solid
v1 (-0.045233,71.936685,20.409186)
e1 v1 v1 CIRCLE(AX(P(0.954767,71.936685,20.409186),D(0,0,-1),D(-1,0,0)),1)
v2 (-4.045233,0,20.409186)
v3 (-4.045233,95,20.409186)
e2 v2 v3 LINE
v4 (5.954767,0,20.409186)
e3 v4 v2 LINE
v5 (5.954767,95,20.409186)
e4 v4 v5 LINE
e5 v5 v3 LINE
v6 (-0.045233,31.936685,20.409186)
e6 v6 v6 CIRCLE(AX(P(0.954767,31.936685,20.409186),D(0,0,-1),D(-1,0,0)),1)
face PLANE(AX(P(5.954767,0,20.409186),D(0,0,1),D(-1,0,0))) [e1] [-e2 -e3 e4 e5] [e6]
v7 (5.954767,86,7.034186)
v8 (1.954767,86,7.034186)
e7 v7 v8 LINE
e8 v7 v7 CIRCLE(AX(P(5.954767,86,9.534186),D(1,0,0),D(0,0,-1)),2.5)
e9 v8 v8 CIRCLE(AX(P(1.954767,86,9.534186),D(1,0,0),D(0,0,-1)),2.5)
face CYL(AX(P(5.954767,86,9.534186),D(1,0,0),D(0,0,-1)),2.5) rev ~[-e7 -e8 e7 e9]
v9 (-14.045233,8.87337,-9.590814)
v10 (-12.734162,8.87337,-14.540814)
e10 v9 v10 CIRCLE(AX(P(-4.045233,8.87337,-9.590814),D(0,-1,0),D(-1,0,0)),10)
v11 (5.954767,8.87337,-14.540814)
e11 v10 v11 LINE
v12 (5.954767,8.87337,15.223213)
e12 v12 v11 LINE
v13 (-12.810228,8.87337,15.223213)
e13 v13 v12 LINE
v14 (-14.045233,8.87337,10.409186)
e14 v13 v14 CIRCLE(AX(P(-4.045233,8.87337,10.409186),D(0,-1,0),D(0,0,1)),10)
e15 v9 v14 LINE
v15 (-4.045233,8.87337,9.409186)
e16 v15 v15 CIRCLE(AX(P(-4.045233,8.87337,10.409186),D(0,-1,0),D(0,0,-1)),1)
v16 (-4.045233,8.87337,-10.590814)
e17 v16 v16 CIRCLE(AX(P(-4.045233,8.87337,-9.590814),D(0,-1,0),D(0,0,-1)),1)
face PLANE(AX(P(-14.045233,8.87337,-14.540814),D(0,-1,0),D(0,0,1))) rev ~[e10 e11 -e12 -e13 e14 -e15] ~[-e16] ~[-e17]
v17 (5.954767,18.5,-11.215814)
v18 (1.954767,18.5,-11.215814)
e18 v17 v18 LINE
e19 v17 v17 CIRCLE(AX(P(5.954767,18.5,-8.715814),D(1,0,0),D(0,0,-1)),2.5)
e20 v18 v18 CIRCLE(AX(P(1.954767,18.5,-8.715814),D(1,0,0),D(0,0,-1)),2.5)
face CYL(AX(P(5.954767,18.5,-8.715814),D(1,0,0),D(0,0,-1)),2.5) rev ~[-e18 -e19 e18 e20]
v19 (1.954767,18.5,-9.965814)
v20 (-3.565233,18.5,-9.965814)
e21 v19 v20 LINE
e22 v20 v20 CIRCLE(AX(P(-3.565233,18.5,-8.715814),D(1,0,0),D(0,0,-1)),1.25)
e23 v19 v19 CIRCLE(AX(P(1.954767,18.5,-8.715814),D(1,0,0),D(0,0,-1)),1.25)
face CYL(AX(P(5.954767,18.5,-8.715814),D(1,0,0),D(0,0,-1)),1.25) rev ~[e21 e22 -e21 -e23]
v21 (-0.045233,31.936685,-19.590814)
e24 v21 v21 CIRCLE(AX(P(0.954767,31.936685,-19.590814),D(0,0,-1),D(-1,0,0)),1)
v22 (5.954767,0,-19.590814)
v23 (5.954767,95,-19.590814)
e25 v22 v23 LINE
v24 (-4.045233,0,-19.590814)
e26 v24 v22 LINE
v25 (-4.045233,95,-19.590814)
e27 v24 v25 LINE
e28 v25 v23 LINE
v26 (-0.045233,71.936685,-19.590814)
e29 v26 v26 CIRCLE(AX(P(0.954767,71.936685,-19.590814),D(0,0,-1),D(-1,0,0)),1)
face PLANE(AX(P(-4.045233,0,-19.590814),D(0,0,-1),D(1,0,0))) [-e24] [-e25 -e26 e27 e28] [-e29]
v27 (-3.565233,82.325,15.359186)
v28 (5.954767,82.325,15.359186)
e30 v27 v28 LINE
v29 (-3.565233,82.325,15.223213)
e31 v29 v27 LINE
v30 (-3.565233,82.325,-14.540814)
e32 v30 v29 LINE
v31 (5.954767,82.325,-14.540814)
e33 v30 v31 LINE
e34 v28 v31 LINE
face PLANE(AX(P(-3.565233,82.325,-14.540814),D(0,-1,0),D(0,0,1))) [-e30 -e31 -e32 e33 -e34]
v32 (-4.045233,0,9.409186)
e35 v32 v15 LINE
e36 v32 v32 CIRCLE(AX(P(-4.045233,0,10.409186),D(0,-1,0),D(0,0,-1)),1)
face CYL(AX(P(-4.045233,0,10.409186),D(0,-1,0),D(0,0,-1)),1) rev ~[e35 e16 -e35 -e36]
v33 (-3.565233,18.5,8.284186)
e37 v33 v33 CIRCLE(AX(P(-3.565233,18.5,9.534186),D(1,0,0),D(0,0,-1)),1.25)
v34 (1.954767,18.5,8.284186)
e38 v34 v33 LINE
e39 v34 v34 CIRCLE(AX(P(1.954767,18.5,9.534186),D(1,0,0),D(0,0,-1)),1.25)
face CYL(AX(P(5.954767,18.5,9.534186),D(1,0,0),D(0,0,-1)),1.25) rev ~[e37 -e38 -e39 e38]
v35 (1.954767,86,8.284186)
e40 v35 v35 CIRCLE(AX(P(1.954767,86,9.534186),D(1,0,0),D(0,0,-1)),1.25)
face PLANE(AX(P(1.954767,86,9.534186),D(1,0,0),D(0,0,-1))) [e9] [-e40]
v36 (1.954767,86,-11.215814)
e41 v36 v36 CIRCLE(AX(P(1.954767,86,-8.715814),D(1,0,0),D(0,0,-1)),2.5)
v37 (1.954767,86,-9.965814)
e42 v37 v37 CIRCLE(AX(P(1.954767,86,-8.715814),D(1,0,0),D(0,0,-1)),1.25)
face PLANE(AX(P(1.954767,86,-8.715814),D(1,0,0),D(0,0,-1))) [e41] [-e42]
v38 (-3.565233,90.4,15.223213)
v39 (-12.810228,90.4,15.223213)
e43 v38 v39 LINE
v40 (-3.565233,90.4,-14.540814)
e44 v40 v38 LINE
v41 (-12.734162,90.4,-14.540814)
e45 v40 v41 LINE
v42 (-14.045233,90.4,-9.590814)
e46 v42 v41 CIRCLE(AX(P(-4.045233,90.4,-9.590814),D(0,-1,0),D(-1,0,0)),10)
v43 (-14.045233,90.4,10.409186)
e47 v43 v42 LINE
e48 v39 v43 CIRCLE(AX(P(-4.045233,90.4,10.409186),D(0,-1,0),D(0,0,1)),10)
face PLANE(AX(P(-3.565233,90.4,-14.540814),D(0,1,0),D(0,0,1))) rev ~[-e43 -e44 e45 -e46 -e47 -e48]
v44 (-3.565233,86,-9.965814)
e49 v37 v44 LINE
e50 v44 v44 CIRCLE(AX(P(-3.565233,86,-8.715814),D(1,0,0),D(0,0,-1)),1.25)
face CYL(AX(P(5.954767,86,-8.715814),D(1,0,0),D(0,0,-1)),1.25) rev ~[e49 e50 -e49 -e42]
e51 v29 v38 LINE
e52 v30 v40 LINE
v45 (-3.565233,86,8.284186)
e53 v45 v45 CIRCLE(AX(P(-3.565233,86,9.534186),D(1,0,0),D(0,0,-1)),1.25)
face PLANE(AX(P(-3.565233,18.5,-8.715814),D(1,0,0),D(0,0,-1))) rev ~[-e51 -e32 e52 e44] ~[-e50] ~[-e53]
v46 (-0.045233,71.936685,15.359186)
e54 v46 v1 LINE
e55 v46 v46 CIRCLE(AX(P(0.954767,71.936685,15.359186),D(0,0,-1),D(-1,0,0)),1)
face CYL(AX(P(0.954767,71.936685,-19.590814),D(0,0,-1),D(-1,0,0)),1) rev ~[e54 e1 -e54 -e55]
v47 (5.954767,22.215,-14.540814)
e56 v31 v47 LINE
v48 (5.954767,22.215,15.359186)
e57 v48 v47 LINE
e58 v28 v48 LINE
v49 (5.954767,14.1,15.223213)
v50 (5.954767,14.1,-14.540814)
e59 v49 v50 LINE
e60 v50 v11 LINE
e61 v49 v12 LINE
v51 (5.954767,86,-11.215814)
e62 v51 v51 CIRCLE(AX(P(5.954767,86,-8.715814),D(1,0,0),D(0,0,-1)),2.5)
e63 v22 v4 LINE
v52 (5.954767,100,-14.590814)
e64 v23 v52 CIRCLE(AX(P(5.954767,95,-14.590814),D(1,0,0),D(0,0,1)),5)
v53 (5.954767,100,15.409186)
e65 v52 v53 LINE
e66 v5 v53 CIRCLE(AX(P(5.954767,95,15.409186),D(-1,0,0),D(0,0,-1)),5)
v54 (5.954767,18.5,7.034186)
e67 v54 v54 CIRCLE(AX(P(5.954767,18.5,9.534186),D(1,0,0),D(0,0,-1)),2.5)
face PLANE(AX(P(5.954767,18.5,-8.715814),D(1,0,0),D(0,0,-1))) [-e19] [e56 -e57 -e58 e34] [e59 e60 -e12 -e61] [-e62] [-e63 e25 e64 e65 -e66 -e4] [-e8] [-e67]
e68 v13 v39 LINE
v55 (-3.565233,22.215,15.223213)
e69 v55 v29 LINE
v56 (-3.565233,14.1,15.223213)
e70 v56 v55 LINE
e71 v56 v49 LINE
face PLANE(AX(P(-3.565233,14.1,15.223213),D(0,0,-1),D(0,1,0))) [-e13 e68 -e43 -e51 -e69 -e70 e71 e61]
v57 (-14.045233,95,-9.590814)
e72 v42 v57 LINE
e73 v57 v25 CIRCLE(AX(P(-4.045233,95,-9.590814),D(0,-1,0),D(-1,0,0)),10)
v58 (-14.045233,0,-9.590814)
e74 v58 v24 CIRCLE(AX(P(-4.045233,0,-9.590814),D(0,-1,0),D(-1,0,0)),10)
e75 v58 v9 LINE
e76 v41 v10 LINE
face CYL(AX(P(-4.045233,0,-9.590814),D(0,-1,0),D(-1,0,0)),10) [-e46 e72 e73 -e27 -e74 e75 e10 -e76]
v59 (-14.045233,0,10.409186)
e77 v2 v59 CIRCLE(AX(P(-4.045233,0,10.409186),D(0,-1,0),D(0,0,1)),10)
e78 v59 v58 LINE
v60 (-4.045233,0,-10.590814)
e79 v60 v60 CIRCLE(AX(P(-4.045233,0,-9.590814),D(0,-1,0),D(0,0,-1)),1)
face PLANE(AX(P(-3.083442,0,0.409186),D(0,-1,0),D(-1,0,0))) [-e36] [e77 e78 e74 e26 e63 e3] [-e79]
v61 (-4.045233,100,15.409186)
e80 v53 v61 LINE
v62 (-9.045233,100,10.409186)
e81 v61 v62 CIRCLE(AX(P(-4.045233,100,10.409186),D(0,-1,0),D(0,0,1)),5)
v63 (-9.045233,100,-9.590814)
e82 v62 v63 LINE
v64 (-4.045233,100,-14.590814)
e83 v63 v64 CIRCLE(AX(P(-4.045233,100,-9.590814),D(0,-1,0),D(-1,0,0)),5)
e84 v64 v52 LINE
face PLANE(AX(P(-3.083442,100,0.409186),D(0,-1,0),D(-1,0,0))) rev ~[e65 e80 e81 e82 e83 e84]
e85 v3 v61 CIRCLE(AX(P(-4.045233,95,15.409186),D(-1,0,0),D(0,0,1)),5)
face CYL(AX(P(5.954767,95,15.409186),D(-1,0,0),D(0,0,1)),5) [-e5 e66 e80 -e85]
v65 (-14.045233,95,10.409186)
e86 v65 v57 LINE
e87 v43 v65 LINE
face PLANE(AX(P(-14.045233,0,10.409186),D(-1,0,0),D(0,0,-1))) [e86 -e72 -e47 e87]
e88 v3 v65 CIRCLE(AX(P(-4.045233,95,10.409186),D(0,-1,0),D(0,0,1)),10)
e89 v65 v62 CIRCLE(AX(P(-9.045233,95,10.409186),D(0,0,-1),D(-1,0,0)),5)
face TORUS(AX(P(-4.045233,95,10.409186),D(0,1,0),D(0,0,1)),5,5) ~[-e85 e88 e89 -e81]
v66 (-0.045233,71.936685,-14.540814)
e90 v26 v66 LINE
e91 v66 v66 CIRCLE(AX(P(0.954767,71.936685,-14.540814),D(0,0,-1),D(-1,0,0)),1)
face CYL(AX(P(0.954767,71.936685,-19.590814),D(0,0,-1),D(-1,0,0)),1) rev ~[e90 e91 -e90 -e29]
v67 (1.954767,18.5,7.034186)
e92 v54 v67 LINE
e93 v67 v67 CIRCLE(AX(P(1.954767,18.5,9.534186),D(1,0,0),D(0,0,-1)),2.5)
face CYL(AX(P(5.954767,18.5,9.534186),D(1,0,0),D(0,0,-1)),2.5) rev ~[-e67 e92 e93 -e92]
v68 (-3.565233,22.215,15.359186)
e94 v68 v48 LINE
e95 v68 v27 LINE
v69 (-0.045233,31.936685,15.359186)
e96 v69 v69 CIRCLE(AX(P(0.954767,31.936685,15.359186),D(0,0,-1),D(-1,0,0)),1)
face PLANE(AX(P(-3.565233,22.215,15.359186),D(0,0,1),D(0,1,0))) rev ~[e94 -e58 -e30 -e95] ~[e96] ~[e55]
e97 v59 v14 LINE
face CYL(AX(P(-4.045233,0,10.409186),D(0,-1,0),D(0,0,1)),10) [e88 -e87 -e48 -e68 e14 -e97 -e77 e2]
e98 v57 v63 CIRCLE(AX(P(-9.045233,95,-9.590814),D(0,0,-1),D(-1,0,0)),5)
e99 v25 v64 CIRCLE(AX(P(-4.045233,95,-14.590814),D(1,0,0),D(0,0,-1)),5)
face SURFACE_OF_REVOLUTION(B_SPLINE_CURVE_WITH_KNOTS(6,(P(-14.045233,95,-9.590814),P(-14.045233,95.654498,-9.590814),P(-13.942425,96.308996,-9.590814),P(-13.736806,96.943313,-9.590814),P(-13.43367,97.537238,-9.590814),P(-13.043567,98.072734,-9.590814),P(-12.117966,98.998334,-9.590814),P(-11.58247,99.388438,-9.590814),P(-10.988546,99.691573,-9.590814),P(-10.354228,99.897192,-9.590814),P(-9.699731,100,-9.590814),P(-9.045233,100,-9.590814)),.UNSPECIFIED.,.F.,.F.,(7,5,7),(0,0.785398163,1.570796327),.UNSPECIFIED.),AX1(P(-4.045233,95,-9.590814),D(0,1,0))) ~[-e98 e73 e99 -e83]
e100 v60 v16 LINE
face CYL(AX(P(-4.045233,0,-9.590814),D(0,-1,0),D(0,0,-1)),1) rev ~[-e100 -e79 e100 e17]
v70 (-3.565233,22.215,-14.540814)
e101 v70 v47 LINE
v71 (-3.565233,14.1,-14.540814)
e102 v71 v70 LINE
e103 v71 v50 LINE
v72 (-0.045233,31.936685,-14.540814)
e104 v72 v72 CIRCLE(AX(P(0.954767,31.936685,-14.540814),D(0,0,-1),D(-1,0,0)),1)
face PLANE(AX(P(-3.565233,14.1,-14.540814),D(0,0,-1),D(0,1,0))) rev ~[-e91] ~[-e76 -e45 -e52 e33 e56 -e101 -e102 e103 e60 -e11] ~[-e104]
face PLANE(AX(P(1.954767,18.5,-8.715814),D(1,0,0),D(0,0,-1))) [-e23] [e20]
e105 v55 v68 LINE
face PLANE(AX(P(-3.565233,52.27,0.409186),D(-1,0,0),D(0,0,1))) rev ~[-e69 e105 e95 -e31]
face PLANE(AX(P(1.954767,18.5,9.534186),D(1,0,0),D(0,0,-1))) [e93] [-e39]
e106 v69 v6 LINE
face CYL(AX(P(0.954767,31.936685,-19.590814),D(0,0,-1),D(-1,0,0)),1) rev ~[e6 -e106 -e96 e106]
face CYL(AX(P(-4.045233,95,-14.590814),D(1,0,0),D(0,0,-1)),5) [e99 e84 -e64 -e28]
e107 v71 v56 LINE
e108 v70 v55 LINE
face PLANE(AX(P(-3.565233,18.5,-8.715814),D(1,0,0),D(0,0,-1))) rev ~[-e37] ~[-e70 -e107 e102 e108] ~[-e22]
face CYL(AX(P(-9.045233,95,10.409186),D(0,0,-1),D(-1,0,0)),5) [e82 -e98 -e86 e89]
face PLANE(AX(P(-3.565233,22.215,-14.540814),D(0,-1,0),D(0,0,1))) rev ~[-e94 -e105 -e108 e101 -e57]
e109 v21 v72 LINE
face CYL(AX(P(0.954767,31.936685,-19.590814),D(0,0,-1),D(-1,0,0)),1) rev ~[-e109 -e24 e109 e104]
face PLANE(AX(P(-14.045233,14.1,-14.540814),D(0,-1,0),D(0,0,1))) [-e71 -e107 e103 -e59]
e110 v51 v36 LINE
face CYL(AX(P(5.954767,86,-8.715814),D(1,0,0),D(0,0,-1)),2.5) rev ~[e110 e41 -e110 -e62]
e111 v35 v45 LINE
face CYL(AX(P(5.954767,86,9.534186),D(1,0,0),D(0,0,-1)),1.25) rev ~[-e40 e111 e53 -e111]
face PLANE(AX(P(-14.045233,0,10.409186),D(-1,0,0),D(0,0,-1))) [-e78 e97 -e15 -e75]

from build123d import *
from build123d.topology import SkipClean

# Parameters (mm, degrees)
BOSS_EXTRUDE1_DEPTH = 100
SKETCH11_W          = 29.1
SKETCH11_H          = 75.5
CUT_EXTRUDE1_DEPTH  = 11.2
SKETCH13_R          = 4.4
CUT_EXTRUDE5_DEPTH  = 22.2
FILLET1_R           = 5
SKETCH14_W          = 29.1
SKETCH14_H          = 8.115
SKETCH14_R          = 2.75
SKETCH14_H_2        = 8.075
BOSS_EXTRUDE2_DEPTH = 0.72
SKETCH15_R          = 2.75
SKETCH15_R_2        = 1.25
BOSS_EXTRUDE3_DEPTH = 9.52
SKETCH16_R          = 2.5
CUT_EXTRUDE6_DEPTH  = 4
SKETCH17_W          = 29.764027379
SKETCH17_H          = 76.3
SKETCH17_W_2        = 28.964027379
SKETCH17_H_2        = 75.5
CUT_EXTRUDE7_DEPTH  = 44
SKETCH18_W          = 29.9
SKETCH18_H          = 60.11
SKETCH18_W_2        = 29.1
SKETCH18_H_2        = 59.31
CUT_EXTRUDE8_DEPTH  = 44
SKETCH19_W          = 29.764027379
SKETCH19_H          = 5.226630125
CUT_EXTRUDE9_DEPTH  = 44
SKETCH21_R          = 1
CUT_EXTRUDE10_DEPTH = 122.5
SKETCH22_R          = 1
CUT_EXTRUDE11_DEPTH = 10.5


with BuildPart() as part:
    # Sketch1 → Boss-Extrude1 (new body)
    with BuildSketch(Plane(origin=(0, 0, 0), x_dir=(1, 0, 0), z_dir=(0, 1, 0))):
        with BuildLine():
            Line((-4.0452326, 19.590813971), (5.9547674, 19.590813971))
            Line((5.9547674, 19.590813971), (5.9547674, -0.409186029))
            Line((5.9547674, -0.409186029), (5.9547674, -20.409186029))
            Line((5.9547674, -20.409186029), (-4.0452326, -20.409186029))
            ThreePointArc((-4.0452326, -20.409186029), (-11.116300412, -17.48025384), (-14.0452326, -10.409186029))
            Line((-14.0452326, -10.409186029), (-14.0452326, 9.590813971))
            ThreePointArc((-14.0452326, 9.590813971), (-11.116300412, 16.661881783), (-4.0452326, 19.590813971))
        make_face()
    extrude(amount=BOSS_EXTRUDE1_DEPTH)

    # Sketch11 → Cut-Extrude1 (cut)
    with BuildSketch(Plane.ZY.offset(14.0452326)):
        with Locations((0.409186029, 52.25)):
            Rectangle(SKETCH11_W, SKETCH11_H)
    extrude(amount=-CUT_EXTRUDE1_DEPTH, mode=Mode.SUBTRACT)

    # Sketch13 → Cut-Extrude5 (cut)
    with BuildSketch(Plane.ZY.offset(2.8452326)):
        with BuildLine():
            ThreePointArc((12.284186029, 86), (11.93014617, 87.349768499), (10.959186029, 88.351993835))
            ThreePointArc((10.959186029, 88.351993835), (9.534186029, 88.75), (8.109186029, 88.351993835))
            ThreePointArc((8.109186029, 88.351993835), (8.18441753, 83.604039858), (12.284186029, 86))
        make_face()
        with BuildLine():
            ThreePointArc((-5.965813971, 86), (-6.31985383, 87.349768499), (-7.290813971, 88.351993835))
            ThreePointArc((-7.290813971, 88.351993835), (-8.715813971, 88.75), (-10.140813971, 88.351993835))
            ThreePointArc((-10.140813971, 88.351993835), (-10.06558247, 83.604039858), (-5.965813971, 86))
        make_face()
        Polygon((4.229186029, 22.615), (14.959186029, 22.615), (14.959186029, 38.515), (14.959186029, 80.015), (14.959186029, 81.925), (4.229186029, 81.925), (2.559186029, 81.925), (-1.740813971, 81.925), (-3.410813971, 81.925), (-14.140813971, 81.925), (-14.140813971, 80.015), (-14.140813971, 38.515), (-14.140813971, 22.615), (-3.410813971, 22.615), (-1.740813971, 22.615), (2.559186029, 22.615), align=None)
        Polygon((12.984186029, 43.815), (12.984186029, 38.515), (12.984186029, 24.115), (-12.165813971, 24.115), (-12.165813971, 38.515), (-12.165813971, 43.815), align=None, mode=Mode.SUBTRACT)
        with BuildLine():
            ThreePointArc((7.989888554, 59.032180934), (6.768483101, 52.645011162), (6.359186029, 46.155))
            Line((6.359186029, 46.155), (-5.540813971, 46.155))
            ThreePointArc((-5.540813971, 46.155), (-5.950111044, 52.645011162), (-7.171516497, 59.032180934))
            ThreePointArc((-7.171516497, 59.032180934), (-7.78796768, 60.755318567), (-8.708121769, 62.337257826))
            ThreePointArc((-8.708121769, 62.337257826), (-9.536012183, 73.954242881), (0.409186029, 80.015))
            ThreePointArc((0.409186029, 80.015), (10.35438424, 73.954242881), (9.526493826, 62.337257826))
            ThreePointArc((9.526493826, 62.337257826), (8.606339737, 60.755318567), (7.989888554, 59.032180934))
        make_face(mode=Mode.SUBTRACT)
        with BuildLine():
            ThreePointArc((9.526493826, 62.337257826), (10.35438424, 73.954242881), (0.409186029, 80.015))
            ThreePointArc((0.409186029, 80.015), (-9.536012183, 73.954242881), (-8.708121769, 62.337257826))
            ThreePointArc((-8.708121769, 62.337257826), (-7.78796768, 60.755318567), (-7.171516497, 59.032180934))
            ThreePointArc((-7.171516497, 59.032180934), (-5.950111044, 52.645011162), (-5.540813971, 46.155))
            Line((-5.540813971, 46.155), (6.359186029, 46.155))
            ThreePointArc((6.359186029, 46.155), (6.768483101, 52.645011162), (7.989888554, 59.032180934))
            ThreePointArc((7.989888554, 59.032180934), (8.606339737, 60.755318567), (9.526493826, 62.337257826))
        make_face()
        with Locations((0.409186029, 68.825)):
            Circle(SKETCH13_R, mode=Mode.SUBTRACT)
        with Locations((0.409186029, 68.825)):
            Circle(SKETCH13_R)
        Polygon((12.984186029, 43.815), (12.984186029, 38.515), (12.984186029, 24.115), (-12.165813971, 24.115), (-12.165813971, 38.515), (-12.165813971, 43.815), align=None)
        with BuildLine():
            ThreePointArc((8.109186029, 16.148006165), (9.534186029, 15.75), (10.959186029, 16.148006165))
            ThreePointArc((10.959186029, 16.148006165), (11.93014617, 17.150231501), (12.284186029, 18.5))
            ThreePointArc((12.284186029, 18.5), (8.18441753, 20.895960142), (8.109186029, 16.148006165))
        make_face()
        with BuildLine():
            ThreePointArc((-10.140813971, 16.148006165), (-8.715813971, 15.75), (-7.290813971, 16.148006165))
            ThreePointArc((-7.290813971, 16.148006165), (-6.31985383, 17.150231501), (-5.965813971, 18.5))
            ThreePointArc((-5.965813971, 18.5), (-10.06558247, 20.895960142), (-10.140813971, 16.148006165))
        make_face()
    extrude(amount=-CUT_EXTRUDE5_DEPTH, mode=Mode.SUBTRACT)

    # Fillet1
    fillet1_edges = [part.edges().sort_by_distance(p)[0] for p in [
        (-11.116300412, 100, -16.661881783),
        (-14.0452326, 100, 0.409186029),
        (-11.116300412, 100, 17.48025384),
        (0.9547674, 100, 20.409186029),
        (0.9547674, 100, -19.590813971),
    ]]
    fillet(fillet1_edges, radius=FILLET1_R)

    # Sketch14 → Boss-Extrude2 (add)
    with SkipClean():  # the faces are left unmerged after this step: merging them gives an invalid solid
        with BuildSketch(Plane.ZY.offset(2.8452326)):
            with Locations((0.409186029, 18.5575)):
                Rectangle(SKETCH14_W, SKETCH14_H)
            with Locations((9.534186029, 18.5)):
                Circle(SKETCH14_R, mode=Mode.SUBTRACT)
            with Locations((-8.715813971, 18.5)):
                Circle(SKETCH14_R, mode=Mode.SUBTRACT)
            with Locations((0.409186029, 85.9625)):
                Rectangle(SKETCH14_W, SKETCH14_H_2)
            with Locations((9.534186029, 86)):
                Circle(SKETCH14_R, mode=Mode.SUBTRACT)
            with Locations((-8.715813971, 86)):
                Circle(SKETCH14_R, mode=Mode.SUBTRACT)
        extrude(amount=BOSS_EXTRUDE2_DEPTH)

    # Sketch15 → Boss-Extrude3 (add)
    with BuildSketch(Plane(origin=(5.9547674, 0, 0), x_dir=(0, 0, -1), z_dir=(1, 0, 0))):
        with Locations((8.715813971, 18.5)):
            Circle(SKETCH15_R)
        with Locations((8.715813971, 18.5)):
            Circle(SKETCH15_R_2, mode=Mode.SUBTRACT)
        with Locations((-9.534186029, 18.5)):
            Circle(SKETCH15_R)
        with Locations((-9.534186029, 18.5)):
            Circle(SKETCH15_R_2, mode=Mode.SUBTRACT)
        with Locations((8.715813971, 86)):
            Circle(SKETCH15_R)
        with Locations((8.715813971, 86)):
            Circle(SKETCH15_R_2, mode=Mode.SUBTRACT)
        with Locations((-9.534186029, 86)):
            Circle(SKETCH15_R)
        with Locations((-9.534186029, 86)):
            Circle(SKETCH15_R_2, mode=Mode.SUBTRACT)
    extrude(amount=-BOSS_EXTRUDE3_DEPTH)

    # Sketch16 → Cut-Extrude6 (cut)
    with BuildSketch(Plane(origin=(5.9547674, 0, 0), x_dir=(0, 0, -1), z_dir=(1, 0, 0))):
        with Locations((-9.534186029, 18.5)):
            Circle(SKETCH16_R)
        with Locations((8.715813971, 18.5)):
            Circle(SKETCH16_R)
        with Locations((-9.534186029, 86)):
            Circle(SKETCH16_R)
        with Locations((8.715813971, 86)):
            Circle(SKETCH16_R)
    extrude(amount=-CUT_EXTRUDE6_DEPTH, mode=Mode.SUBTRACT)

    # Sketch17 → Cut-Extrude7 (cut)
    with BuildSketch(Plane.ZY.offset(3.5652326)):
        with Locations((0.341199719, 52.25)):
            Rectangle(SKETCH17_W, SKETCH17_H)
        with Locations((0.341199719, 52.25)):
            Rectangle(SKETCH17_W_2, SKETCH17_H_2, mode=Mode.SUBTRACT)
    extrude(amount=CUT_EXTRUDE7_DEPTH, mode=Mode.SUBTRACT)

    # Sketch18 → Cut-Extrude8 (cut)
    with BuildSketch(Plane.ZY.offset(3.5652326)):
        with Locations((0.409186029, 52.27)):
            Rectangle(SKETCH18_W, SKETCH18_H)
        with Locations((0.409186029, 52.27)):
            Rectangle(SKETCH18_W_2, SKETCH18_H_2, mode=Mode.SUBTRACT)
    extrude(amount=-CUT_EXTRUDE8_DEPTH, mode=Mode.SUBTRACT)

    # Sketch19 → Cut-Extrude9 (cut)
    with BuildSketch(Plane.ZY.offset(14.0452326)):
        with Locations((0.341199719, 11.486684938)):
            Rectangle(SKETCH19_W, SKETCH19_H)
    extrude(amount=-CUT_EXTRUDE9_DEPTH, mode=Mode.SUBTRACT)

    # Sketch21 → Cut-Extrude10 (cut)
    with BuildSketch(Plane(origin=(0, 0, -19.590813971), x_dir=(-1, 0, 0), z_dir=(0, 0, -1))):
        with Locations((-0.9547674, 71.936684938)):
            Circle(SKETCH21_R)
        with Locations((-0.9547674, 31.936684938)):
            Circle(SKETCH21_R)
    extrude(amount=-CUT_EXTRUDE10_DEPTH, mode=Mode.SUBTRACT)

    # Sketch22 → Cut-Extrude11 (cut)
    with BuildSketch(Plane.XZ):
        with Locations(Location((-4.0452326, -9.590813971, 0), (0, 0, 270))):
            Circle(SKETCH22_R)
        with Locations(Location((-4.0452326, 10.409186029, 0), (0, 0, 270))):
            Circle(SKETCH22_R)
    extrude(amount=-CUT_EXTRUDE11_DEPTH, mode=Mode.SUBTRACT)


solid = part.part
